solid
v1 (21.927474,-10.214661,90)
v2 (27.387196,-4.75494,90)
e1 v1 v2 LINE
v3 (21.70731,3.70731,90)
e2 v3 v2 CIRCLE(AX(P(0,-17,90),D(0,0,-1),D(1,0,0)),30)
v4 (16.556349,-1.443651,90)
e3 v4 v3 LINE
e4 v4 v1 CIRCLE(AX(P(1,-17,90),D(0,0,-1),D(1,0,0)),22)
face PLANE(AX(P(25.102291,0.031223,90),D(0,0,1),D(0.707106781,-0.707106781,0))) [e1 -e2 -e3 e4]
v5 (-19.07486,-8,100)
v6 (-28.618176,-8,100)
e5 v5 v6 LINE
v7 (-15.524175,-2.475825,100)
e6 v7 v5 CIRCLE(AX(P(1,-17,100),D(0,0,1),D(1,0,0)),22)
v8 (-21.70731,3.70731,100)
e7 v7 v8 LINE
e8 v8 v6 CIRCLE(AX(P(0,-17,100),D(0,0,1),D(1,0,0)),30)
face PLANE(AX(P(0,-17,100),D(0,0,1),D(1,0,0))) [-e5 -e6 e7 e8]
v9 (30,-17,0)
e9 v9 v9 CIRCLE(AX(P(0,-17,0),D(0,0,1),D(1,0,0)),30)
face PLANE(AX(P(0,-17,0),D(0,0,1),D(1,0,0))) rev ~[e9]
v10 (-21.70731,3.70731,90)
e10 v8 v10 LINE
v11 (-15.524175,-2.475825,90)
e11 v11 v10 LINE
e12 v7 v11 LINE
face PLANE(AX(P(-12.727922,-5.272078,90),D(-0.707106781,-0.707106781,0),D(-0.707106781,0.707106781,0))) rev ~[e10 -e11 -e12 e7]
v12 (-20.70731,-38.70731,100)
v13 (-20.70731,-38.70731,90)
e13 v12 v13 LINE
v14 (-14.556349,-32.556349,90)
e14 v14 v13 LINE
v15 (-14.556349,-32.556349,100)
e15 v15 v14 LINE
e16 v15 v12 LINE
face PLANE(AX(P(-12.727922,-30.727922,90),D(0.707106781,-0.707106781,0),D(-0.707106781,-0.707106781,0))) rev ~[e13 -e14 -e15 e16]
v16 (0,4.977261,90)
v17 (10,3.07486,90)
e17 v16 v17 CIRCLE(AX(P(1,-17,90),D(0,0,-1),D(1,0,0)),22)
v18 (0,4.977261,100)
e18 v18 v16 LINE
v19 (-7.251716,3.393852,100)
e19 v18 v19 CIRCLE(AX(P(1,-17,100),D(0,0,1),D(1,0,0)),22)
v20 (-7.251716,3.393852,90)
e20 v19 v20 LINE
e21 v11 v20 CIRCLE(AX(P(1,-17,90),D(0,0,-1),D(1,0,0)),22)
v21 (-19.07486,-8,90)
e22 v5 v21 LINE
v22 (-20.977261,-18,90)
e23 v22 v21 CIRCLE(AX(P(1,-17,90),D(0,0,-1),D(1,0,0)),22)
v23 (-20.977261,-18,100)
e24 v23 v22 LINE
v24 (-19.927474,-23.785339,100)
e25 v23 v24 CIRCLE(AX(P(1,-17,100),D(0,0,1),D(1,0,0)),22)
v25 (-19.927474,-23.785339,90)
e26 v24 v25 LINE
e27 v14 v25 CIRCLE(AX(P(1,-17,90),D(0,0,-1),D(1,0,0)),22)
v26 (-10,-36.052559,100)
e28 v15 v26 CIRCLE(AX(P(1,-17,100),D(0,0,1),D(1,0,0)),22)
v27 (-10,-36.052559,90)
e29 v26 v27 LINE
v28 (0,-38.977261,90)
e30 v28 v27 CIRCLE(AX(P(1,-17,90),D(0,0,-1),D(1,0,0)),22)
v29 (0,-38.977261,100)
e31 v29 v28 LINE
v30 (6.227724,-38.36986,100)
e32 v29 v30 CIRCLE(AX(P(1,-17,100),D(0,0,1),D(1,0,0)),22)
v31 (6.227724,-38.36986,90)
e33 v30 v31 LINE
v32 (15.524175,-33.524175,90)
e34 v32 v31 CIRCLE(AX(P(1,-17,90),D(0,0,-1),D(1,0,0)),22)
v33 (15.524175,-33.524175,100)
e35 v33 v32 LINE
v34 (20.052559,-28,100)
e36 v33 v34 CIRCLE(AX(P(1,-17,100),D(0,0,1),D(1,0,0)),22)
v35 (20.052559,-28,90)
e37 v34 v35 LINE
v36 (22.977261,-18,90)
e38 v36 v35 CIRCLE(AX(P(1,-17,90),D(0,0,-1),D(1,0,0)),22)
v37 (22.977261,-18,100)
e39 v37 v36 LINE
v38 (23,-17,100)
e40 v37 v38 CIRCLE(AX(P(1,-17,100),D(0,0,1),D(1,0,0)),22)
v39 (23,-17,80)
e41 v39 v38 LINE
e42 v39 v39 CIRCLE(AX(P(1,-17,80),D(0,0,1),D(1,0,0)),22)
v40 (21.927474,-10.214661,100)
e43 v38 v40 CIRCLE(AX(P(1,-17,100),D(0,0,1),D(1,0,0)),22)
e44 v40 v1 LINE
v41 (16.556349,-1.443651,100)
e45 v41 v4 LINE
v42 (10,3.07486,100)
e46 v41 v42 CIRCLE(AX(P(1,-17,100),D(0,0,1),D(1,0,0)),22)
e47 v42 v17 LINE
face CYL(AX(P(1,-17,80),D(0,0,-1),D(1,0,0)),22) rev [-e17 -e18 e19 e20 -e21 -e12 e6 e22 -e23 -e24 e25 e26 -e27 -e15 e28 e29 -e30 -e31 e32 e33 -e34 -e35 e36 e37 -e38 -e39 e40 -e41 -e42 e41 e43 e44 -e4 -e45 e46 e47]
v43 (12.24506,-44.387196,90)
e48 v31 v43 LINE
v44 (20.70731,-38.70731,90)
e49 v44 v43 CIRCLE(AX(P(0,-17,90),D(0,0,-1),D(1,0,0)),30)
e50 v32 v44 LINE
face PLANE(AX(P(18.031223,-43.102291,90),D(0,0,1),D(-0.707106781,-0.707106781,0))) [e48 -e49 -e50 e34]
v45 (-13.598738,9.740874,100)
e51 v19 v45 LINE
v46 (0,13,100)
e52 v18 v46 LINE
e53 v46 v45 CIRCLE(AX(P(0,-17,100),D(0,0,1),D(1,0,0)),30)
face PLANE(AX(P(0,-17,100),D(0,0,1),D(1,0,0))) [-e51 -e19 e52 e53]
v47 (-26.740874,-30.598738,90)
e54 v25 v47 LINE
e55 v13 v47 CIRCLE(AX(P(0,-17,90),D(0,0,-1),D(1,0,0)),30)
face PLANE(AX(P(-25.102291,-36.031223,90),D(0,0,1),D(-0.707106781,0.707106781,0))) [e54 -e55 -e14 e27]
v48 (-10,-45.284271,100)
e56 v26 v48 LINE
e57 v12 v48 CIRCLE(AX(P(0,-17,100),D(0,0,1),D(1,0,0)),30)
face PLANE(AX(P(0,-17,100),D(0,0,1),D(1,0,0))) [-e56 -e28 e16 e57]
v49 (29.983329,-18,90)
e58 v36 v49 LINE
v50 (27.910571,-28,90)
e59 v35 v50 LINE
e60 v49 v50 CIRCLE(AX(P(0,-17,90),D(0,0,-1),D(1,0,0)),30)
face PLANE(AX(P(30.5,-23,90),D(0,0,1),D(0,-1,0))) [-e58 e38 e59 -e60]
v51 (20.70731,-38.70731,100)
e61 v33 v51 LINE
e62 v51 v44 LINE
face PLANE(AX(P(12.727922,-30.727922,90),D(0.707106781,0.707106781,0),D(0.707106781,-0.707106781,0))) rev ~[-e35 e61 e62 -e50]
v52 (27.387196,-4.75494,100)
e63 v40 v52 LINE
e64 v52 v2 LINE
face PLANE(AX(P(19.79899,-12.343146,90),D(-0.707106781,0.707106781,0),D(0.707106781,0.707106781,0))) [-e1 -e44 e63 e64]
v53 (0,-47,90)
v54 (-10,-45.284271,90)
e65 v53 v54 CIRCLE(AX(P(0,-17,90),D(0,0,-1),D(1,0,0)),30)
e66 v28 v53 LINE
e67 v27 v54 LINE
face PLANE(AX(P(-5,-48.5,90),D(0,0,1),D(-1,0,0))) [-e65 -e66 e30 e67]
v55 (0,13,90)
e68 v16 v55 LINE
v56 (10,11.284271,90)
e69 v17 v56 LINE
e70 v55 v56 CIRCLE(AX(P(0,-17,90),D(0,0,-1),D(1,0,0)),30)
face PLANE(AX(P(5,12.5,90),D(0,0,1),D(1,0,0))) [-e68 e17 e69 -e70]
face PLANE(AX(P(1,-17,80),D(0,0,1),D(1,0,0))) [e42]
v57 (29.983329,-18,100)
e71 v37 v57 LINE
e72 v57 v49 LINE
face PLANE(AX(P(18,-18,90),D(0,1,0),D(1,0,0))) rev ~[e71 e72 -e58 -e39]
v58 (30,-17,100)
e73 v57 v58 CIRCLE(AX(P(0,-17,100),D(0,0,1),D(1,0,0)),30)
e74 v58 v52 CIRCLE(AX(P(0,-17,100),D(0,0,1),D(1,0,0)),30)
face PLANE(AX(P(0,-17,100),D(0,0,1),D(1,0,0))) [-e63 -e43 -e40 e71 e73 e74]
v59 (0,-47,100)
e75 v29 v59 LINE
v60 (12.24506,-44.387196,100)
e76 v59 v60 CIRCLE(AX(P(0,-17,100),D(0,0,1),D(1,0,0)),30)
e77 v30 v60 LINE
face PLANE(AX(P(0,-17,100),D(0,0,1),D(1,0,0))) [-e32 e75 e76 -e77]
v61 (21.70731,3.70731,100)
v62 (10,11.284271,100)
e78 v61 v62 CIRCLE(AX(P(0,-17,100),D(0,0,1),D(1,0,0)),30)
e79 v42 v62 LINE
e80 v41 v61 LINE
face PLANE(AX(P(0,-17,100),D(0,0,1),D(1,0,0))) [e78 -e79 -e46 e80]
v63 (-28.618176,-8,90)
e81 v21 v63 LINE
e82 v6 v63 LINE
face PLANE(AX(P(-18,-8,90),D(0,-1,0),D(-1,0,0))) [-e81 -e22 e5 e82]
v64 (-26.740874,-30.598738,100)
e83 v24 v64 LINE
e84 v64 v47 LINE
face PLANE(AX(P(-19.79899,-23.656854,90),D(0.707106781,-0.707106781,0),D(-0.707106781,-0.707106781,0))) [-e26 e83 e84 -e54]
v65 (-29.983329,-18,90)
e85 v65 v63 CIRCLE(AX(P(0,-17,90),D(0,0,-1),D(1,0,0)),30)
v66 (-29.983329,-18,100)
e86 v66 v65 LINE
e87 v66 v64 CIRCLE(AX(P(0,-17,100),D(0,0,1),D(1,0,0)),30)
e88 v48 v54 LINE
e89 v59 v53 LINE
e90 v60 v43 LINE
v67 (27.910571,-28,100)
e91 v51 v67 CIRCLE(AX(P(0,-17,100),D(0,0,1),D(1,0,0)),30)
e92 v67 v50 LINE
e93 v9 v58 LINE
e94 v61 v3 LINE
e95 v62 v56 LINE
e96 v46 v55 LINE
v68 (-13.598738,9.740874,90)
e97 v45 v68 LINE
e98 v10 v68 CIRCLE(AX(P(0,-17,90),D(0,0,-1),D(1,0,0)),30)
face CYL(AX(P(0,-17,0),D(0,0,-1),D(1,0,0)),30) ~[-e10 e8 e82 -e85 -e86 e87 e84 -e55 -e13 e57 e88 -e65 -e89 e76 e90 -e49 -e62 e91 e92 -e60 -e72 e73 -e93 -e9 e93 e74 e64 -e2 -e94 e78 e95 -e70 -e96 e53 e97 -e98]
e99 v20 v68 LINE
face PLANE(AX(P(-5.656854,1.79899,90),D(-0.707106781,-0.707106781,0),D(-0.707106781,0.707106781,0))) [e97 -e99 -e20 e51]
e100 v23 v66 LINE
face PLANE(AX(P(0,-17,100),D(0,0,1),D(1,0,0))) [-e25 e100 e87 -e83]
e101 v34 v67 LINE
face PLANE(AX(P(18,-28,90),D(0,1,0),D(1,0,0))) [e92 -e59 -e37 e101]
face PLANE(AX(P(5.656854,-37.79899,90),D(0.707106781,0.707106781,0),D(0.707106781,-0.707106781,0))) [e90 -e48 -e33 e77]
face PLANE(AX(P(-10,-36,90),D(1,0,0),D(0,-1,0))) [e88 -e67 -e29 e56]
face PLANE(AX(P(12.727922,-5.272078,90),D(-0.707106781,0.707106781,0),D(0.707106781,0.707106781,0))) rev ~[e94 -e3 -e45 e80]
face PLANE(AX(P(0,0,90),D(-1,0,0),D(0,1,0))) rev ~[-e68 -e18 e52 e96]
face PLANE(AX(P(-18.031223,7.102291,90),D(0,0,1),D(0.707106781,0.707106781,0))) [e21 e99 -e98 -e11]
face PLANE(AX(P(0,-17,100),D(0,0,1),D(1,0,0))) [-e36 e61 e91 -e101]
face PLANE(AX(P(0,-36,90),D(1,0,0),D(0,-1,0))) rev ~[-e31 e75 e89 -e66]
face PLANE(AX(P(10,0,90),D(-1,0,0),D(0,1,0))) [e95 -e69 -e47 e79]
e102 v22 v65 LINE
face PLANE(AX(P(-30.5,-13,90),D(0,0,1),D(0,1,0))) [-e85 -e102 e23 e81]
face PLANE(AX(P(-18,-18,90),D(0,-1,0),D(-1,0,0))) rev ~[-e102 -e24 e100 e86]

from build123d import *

# Parameters (mm, degrees)
CYLINDER001_R     = 22
CYLINDER001_DEPTH = 20
BOX_W             = 10
BOX_H             = 25
BOX_DEPTH         = 10
ARRAY_COUNT       = 8
CYLINDER_R        = 30
CYLINDER_DEPTH    = 100


with BuildPart() as cilindre001:
    # Cylinder001 → Cylinder001 (new body)
    with BuildSketch(Plane(origin=(1, -17, 80), x_dir=(1, 0, 0), z_dir=(0, 0, 1))):
        Circle(CYLINDER001_R)
    extrude(amount=CYLINDER001_DEPTH)


with BuildPart() as array:
    # Box → Box (new body)
    with BuildSketch(Plane.XY):
        with Locations((5, 12.5)):
            Rectangle(BOX_W, BOX_H)
    extrude(amount=BOX_DEPTH)

    # Array: Array ×8 about axis
    array_axis = Axis((0, -18, 0), (0, 0, 1))


with BuildPart() as array_1:
    add(array.part)
    for i in range(1, ARRAY_COUNT):
        add(array.part.rotate(array_axis, i * 360 / ARRAY_COUNT))


with BuildPart() as array_2:
    # Array placement: moved
    add(array_1.part.moved(Location((0, 0, 90))))


with BuildPart() as cut001:
    # Cylinder → Cylinder (new body)
    with BuildSketch(Plane(origin=(0, -17, 0), x_dir=(1, 0, 0), z_dir=(0, 0, 1))):
        Circle(CYLINDER_R)
    extrude(amount=CYLINDER_DEPTH)

    # Cut: cut Array
    add(array_2.part, mode=Mode.SUBTRACT)

    # Cut001: cut Cilindre001
    add(cilindre001.part, mode=Mode.SUBTRACT)


solid = cut001.part
